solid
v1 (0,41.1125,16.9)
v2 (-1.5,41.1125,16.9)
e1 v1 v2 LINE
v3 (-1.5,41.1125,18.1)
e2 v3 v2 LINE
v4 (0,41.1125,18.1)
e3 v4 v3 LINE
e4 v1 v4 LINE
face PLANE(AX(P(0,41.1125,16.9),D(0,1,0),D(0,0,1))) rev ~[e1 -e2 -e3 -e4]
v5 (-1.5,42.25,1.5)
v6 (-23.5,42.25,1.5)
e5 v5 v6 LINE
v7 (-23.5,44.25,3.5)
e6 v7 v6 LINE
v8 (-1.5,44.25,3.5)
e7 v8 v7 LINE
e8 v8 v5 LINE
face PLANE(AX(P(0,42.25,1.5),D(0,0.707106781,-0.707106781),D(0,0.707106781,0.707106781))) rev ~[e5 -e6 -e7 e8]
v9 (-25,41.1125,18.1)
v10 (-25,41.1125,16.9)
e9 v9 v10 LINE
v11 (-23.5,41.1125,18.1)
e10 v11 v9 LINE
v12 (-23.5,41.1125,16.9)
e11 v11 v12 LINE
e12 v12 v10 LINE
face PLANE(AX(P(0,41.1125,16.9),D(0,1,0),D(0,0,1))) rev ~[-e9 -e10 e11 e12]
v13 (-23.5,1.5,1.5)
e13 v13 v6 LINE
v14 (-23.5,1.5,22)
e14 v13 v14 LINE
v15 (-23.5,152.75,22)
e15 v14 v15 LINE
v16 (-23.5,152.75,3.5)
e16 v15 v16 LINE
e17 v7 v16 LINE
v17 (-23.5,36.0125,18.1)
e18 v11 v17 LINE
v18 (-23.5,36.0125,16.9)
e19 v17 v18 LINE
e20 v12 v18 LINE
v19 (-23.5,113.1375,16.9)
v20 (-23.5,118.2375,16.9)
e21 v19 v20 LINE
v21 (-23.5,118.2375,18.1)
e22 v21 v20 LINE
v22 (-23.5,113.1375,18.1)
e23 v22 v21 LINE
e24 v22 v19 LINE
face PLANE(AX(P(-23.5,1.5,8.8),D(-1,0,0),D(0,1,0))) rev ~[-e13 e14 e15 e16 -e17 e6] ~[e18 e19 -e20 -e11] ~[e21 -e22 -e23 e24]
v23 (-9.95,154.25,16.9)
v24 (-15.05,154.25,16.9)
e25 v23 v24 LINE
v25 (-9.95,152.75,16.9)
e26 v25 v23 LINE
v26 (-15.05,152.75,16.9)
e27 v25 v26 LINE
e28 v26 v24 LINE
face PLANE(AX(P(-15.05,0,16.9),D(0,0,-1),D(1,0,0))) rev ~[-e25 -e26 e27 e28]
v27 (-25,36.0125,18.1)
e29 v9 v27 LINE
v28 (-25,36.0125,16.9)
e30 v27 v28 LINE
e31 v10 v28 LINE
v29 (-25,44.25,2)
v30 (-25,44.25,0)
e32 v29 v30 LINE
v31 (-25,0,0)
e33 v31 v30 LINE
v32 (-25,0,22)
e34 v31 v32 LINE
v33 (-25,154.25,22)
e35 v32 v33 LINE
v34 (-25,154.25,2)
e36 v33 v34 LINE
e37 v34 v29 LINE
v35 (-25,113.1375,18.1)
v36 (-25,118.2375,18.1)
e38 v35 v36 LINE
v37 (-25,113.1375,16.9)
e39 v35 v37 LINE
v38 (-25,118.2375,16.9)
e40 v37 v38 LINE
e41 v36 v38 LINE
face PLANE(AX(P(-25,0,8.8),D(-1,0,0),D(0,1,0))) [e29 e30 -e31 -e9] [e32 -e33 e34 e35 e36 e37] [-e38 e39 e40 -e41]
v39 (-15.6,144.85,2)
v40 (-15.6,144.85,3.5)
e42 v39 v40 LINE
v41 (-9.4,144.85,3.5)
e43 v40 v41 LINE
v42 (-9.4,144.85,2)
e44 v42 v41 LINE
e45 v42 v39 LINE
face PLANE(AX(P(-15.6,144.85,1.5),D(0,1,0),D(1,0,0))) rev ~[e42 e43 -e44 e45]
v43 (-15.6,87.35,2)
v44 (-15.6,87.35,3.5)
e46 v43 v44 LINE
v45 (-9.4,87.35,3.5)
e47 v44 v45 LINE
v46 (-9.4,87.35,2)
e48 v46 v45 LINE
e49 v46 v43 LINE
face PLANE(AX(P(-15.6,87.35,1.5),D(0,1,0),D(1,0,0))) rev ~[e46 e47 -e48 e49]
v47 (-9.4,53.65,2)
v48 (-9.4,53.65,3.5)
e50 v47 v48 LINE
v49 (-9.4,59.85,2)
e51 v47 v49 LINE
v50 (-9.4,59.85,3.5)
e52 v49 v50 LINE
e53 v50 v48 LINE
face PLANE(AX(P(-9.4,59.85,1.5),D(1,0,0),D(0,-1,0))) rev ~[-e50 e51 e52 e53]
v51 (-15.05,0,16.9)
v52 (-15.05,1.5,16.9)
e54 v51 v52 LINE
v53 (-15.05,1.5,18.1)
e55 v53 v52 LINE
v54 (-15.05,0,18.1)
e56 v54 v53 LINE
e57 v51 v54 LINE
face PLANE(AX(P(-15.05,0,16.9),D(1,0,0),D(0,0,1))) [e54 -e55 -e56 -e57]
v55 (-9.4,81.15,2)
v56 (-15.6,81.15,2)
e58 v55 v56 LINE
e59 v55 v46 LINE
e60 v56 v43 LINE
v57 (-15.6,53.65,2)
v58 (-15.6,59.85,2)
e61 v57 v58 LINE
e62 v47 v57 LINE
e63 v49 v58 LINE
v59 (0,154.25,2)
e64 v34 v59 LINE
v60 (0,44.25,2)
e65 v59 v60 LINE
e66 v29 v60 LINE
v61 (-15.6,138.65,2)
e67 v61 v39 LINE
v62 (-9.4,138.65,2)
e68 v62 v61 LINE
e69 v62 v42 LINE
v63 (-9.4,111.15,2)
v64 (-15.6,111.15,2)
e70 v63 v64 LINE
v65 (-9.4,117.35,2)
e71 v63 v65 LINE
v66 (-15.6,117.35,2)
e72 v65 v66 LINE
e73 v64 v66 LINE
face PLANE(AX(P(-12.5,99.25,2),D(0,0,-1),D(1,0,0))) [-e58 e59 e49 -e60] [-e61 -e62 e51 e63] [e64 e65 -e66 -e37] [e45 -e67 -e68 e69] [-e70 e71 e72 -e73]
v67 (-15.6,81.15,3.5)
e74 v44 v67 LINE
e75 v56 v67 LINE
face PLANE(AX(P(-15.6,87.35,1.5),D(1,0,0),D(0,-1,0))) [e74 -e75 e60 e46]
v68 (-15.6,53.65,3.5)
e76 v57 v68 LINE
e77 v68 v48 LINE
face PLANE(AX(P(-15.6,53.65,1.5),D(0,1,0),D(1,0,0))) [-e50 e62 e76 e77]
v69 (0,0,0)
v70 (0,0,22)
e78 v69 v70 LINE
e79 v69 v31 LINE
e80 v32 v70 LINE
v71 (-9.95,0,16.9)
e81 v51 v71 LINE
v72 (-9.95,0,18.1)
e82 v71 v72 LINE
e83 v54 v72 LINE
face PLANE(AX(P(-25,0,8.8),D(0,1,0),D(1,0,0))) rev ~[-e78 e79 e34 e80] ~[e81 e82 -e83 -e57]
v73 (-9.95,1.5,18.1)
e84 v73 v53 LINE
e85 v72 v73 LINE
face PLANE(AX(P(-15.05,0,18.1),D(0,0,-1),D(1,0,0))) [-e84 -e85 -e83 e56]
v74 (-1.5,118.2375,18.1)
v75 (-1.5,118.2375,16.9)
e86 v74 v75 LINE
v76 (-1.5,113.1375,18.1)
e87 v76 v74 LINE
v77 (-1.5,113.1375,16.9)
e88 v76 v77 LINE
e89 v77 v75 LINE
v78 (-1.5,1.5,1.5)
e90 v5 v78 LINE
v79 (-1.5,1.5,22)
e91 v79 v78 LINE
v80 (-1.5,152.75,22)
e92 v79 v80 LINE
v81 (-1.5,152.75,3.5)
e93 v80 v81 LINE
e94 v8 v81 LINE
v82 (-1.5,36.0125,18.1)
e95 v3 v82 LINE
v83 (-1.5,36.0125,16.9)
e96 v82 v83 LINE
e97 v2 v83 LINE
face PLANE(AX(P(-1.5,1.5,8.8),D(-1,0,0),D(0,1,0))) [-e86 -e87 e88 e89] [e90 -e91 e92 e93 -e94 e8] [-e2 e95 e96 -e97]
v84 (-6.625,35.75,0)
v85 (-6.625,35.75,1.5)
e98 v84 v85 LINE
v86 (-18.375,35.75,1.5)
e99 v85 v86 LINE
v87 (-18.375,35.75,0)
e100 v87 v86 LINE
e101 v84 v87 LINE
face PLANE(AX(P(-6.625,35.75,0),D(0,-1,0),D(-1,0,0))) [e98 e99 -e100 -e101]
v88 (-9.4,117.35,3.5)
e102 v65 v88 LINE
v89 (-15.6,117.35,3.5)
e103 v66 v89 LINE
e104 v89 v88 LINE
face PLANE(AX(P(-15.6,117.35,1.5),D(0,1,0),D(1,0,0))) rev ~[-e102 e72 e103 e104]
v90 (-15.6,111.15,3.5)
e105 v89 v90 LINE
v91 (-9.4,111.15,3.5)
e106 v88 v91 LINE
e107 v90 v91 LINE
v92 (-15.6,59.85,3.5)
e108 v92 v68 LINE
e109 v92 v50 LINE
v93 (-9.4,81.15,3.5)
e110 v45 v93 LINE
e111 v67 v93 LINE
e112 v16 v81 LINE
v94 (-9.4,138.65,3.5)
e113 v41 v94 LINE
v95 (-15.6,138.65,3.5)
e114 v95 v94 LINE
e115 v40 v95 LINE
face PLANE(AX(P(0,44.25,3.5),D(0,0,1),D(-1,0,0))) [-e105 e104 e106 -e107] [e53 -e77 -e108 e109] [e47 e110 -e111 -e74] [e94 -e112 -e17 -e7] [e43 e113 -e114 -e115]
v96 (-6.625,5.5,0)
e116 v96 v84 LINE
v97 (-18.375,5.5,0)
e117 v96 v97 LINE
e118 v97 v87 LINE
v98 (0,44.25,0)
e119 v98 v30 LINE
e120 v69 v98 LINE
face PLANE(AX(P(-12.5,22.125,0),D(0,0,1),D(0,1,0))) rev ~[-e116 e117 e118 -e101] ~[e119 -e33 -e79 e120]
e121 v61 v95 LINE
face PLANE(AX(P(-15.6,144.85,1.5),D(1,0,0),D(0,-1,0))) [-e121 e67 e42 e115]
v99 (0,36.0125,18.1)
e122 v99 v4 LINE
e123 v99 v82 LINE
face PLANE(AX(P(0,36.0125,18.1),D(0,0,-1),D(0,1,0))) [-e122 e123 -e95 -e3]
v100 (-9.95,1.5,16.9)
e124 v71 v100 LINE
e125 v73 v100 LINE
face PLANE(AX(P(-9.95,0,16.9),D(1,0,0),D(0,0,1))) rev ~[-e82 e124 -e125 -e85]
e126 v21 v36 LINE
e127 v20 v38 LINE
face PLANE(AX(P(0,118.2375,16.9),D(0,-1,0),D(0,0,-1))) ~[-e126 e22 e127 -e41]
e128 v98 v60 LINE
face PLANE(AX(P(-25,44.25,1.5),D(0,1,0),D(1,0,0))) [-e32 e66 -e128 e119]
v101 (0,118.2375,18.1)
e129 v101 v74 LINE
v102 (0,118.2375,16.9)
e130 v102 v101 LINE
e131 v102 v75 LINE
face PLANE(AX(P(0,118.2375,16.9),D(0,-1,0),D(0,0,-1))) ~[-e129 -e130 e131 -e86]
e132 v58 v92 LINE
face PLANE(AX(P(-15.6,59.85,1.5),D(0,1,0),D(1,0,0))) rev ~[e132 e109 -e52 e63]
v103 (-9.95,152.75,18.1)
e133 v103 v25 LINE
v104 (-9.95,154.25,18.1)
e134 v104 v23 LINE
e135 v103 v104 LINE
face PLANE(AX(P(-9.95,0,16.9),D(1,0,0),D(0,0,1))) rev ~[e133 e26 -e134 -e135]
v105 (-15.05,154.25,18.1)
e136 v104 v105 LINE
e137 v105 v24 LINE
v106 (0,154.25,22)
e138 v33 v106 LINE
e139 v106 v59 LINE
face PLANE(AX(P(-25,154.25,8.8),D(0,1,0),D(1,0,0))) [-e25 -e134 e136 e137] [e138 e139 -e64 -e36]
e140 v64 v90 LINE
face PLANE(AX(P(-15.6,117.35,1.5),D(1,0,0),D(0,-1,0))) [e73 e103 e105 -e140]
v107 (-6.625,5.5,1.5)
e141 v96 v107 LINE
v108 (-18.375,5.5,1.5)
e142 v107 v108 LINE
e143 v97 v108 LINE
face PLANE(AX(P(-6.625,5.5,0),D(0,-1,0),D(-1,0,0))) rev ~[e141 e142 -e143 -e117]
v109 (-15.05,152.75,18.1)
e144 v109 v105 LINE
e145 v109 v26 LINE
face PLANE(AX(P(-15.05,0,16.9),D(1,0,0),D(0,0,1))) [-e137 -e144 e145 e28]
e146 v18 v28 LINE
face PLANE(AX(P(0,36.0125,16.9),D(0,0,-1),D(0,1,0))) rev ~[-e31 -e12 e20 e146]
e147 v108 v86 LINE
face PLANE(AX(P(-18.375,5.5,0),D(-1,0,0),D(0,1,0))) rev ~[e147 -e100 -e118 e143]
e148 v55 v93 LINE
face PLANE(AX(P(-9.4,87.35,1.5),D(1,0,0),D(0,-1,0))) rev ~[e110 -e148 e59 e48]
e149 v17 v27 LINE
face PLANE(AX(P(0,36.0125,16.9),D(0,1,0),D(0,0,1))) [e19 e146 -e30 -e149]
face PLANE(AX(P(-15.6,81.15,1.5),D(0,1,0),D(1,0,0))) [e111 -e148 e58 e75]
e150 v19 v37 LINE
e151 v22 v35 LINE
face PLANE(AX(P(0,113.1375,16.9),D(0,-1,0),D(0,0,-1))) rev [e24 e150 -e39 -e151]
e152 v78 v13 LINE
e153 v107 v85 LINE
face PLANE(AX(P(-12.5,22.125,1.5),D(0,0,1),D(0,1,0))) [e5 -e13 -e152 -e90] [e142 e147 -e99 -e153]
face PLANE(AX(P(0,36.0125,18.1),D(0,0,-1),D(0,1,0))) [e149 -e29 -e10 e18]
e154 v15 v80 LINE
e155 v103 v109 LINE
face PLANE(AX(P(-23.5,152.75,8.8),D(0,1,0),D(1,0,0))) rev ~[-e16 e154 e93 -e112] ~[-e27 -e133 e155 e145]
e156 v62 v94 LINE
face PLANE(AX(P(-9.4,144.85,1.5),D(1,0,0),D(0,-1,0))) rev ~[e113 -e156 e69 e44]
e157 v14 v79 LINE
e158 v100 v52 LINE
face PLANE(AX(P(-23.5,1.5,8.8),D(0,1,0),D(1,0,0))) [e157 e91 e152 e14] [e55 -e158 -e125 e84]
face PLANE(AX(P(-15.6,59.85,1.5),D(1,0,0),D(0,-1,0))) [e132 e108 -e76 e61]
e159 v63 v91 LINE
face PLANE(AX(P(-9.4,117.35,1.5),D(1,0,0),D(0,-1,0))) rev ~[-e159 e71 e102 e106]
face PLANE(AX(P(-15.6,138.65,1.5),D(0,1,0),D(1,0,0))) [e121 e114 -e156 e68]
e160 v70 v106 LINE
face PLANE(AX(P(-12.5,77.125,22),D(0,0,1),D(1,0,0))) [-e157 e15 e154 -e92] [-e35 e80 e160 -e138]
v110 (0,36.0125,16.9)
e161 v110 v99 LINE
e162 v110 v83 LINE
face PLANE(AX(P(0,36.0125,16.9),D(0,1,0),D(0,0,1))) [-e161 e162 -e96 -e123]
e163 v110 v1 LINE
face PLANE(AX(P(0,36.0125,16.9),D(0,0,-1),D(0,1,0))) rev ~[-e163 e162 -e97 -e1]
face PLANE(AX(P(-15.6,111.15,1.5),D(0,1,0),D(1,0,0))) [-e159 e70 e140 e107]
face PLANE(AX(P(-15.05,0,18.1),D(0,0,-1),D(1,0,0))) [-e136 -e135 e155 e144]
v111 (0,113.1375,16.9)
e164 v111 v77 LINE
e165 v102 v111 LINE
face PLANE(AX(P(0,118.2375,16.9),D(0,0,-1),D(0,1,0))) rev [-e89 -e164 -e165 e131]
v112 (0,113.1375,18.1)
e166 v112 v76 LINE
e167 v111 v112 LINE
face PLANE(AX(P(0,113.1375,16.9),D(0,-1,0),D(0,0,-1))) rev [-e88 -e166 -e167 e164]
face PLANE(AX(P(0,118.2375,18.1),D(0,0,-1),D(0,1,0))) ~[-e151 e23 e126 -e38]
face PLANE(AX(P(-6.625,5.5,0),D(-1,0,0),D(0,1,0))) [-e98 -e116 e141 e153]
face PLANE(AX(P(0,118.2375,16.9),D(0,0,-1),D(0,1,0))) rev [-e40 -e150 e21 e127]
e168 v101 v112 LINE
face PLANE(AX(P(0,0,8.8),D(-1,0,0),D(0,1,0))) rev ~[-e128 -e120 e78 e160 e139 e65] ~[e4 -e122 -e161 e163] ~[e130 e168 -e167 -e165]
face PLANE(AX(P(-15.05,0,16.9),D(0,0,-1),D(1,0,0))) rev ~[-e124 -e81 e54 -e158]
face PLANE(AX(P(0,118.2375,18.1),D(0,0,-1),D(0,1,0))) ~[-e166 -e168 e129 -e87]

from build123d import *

# Parameters (mm, degrees)
SKETCH2_W           = 44.25
SKETCH2_H           = 25
SKETCH2_W_2         = 30.25
SKETCH2_H_2         = 11.75
BOSS_EXTRUDE1_DEPTH = 1.5
SKETCH3_W           = 25
SKETCH3_H           = 2
BOSS_EXTRUDE2_DEPTH = 110
BOSS_EXTRUDE3_DEPTH = 25
BOSS_EXTRUDE4_DEPTH = 7.3
SKETCH6_W           = 1.5
SKETCH6_H           = 7.3
BOSS_EXTRUDE5_DEPTH = 112
SKETCH8_W           = 1.5
SKETCH8_H           = 5.3
BOSS_EXTRUDE6_DEPTH = 22
SKETCH9_W           = 6.2
SKETCH9_H           = 6.2
CUT_EXTRUDE1_DEPTH  = 2
SKETCH10_W          = 25
SKETCH10_H          = 110
CUT_EXTRUDE2_DEPTH  = 0.5
SKETCH11_W          = 25
SKETCH11_H          = 154.25
SKETCH11_W_2        = 22
SKETCH11_H_2        = 151.25
BOSS_EXTRUDE7_DEPTH = 13.2
SKETCH12_W          = 5.1
SKETCH12_H          = 1.2
CUT_EXTRUDE3_DEPTH  = 158.803873527
SKETCH13_W          = 5.1
SKETCH13_H          = 1.2
CUT_EXTRUDE4_DEPTH  = 158.803873527


with BuildPart() as part:
    # Sketch2 → Boss-Extrude1 (new body)
    with BuildSketch(Plane(origin=(0, 0, 0), x_dir=(0, 1, 0), z_dir=(0, 0, 1))):
        with Locations((22.125, 12.5)):
            Rectangle(SKETCH2_W, SKETCH2_H)
        with Locations((20.625, 12.5)):
            Rectangle(SKETCH2_W_2, SKETCH2_H_2, mode=Mode.SUBTRACT)
    extrude(amount=BOSS_EXTRUDE1_DEPTH)



with BuildPart() as body_2:
    # Sketch3 → Boss-Extrude2 (new body)
    with BuildSketch(Plane(origin=(0, 44.25, 0), x_dir=(-1, 0, 0), z_dir=(0, 1, 0))):
        with Locations((12.5, 2.5)):
            Rectangle(SKETCH3_W, SKETCH3_H)
    extrude(amount=BOSS_EXTRUDE2_DEPTH)


with BuildPart() as part_1:
    add(part.part)

    add(body_2.part)  # Boss-Extrude3 merges body 2
    # Sketch4 → Boss-Extrude3 (add)
    with BuildSketch(Plane.YZ):
        Polygon((44.25, 3.5), (44.25, 1.5), (42.25, 1.5), align=None)
    extrude(amount=-BOSS_EXTRUDE3_DEPTH)

    # Sketch5 → Boss-Extrude4 (add)
    with BuildSketch(Plane.XY.offset(1.5)):
        Polygon((-1.5, 42.25), (-1.5, 1.5), (-23.5, 1.5), (-23.5, 42.25), (-25, 42.25), (-25, 0), (0, 0), (0, 42.25), align=None)
    extrude(amount=BOSS_EXTRUDE4_DEPTH)

    # Sketch6 → Boss-Extrude5 (add)
    with BuildSketch(Plane(origin=(0, 42.25, 0), x_dir=(-1, 0, 0), z_dir=(0, 1, 0))):
        with Locations((24.25, 5.15)):
            Rectangle(SKETCH6_W, SKETCH6_H)
        with Locations((0.75, 5.15)):
            Rectangle(SKETCH6_W, SKETCH6_H)
    extrude(amount=BOSS_EXTRUDE5_DEPTH)

    # Sketch8 → Boss-Extrude6 (add)
    with BuildSketch(Plane.YZ.offset(-23.5)):
        with Locations((153.5, 6.15)):
            Rectangle(SKETCH8_W, SKETCH8_H)
    extrude(amount=BOSS_EXTRUDE6_DEPTH)

    # Sketch9 → Cut-Extrude1 (cut)
    with BuildSketch(Plane(origin=(0, 0, 1.5), x_dir=(1, 0, 0), z_dir=(0, 0, -1))):
        with Locations((-12.5, -141.75)):
            Rectangle(SKETCH9_W, SKETCH9_H)
        with Locations((-12.5, -114.25)):
            Rectangle(SKETCH9_W, SKETCH9_H)
        with Locations((-12.5, -56.75)):
            Rectangle(SKETCH9_W, SKETCH9_H)
        with Locations((-12.5, -84.25)):
            Rectangle(SKETCH9_W, SKETCH9_H)
    extrude(amount=-CUT_EXTRUDE1_DEPTH, mode=Mode.SUBTRACT)

    # Sketch10 → Cut-Extrude2 (cut)
    with BuildSketch(Plane(origin=(0, 0, 1.5), x_dir=(1, 0, 0), z_dir=(0, 0, -1))):
        with Locations((-12.5, -99.25)):
            Rectangle(SKETCH10_W, SKETCH10_H)
    extrude(amount=-CUT_EXTRUDE2_DEPTH, mode=Mode.SUBTRACT)

    # Sketch11 → Boss-Extrude7 (add)
    with BuildSketch(Plane.XY.offset(8.8)):
        with Locations((-12.5, 77.125)):
            Rectangle(SKETCH11_W, SKETCH11_H)
        with Locations((-12.5, 77.125)):
            Rectangle(SKETCH11_W_2, SKETCH11_H_2, mode=Mode.SUBTRACT)
    extrude(amount=BOSS_EXTRUDE7_DEPTH)

    # Sketch12 → Cut-Extrude3 (cut, through all)
    with BuildSketch(Plane.XZ):
        with Locations((-12.5, 17.5)):
            Rectangle(SKETCH12_W, SKETCH12_H)
    extrude(amount=-CUT_EXTRUDE3_DEPTH, mode=Mode.SUBTRACT)

    # Sketch13 → Cut-Extrude4 (cut, through all)
    with BuildSketch(Plane.YZ):
        with Locations((38.5625, 17.5)):
            Rectangle(SKETCH13_W, SKETCH13_H)
    cut_extrude4 = extrude(amount=-CUT_EXTRUDE4_DEPTH, mode=Mode.SUBTRACT)

    # Mirror1: Cut-Extrude4 across plane
    add(cut_extrude4.mirror(Plane(origin=(0, 77.125, 0), x_dir=(0, 0, 1), z_dir=(0, -1, 0))), mode=Mode.SUBTRACT)


solid = part_1.part
